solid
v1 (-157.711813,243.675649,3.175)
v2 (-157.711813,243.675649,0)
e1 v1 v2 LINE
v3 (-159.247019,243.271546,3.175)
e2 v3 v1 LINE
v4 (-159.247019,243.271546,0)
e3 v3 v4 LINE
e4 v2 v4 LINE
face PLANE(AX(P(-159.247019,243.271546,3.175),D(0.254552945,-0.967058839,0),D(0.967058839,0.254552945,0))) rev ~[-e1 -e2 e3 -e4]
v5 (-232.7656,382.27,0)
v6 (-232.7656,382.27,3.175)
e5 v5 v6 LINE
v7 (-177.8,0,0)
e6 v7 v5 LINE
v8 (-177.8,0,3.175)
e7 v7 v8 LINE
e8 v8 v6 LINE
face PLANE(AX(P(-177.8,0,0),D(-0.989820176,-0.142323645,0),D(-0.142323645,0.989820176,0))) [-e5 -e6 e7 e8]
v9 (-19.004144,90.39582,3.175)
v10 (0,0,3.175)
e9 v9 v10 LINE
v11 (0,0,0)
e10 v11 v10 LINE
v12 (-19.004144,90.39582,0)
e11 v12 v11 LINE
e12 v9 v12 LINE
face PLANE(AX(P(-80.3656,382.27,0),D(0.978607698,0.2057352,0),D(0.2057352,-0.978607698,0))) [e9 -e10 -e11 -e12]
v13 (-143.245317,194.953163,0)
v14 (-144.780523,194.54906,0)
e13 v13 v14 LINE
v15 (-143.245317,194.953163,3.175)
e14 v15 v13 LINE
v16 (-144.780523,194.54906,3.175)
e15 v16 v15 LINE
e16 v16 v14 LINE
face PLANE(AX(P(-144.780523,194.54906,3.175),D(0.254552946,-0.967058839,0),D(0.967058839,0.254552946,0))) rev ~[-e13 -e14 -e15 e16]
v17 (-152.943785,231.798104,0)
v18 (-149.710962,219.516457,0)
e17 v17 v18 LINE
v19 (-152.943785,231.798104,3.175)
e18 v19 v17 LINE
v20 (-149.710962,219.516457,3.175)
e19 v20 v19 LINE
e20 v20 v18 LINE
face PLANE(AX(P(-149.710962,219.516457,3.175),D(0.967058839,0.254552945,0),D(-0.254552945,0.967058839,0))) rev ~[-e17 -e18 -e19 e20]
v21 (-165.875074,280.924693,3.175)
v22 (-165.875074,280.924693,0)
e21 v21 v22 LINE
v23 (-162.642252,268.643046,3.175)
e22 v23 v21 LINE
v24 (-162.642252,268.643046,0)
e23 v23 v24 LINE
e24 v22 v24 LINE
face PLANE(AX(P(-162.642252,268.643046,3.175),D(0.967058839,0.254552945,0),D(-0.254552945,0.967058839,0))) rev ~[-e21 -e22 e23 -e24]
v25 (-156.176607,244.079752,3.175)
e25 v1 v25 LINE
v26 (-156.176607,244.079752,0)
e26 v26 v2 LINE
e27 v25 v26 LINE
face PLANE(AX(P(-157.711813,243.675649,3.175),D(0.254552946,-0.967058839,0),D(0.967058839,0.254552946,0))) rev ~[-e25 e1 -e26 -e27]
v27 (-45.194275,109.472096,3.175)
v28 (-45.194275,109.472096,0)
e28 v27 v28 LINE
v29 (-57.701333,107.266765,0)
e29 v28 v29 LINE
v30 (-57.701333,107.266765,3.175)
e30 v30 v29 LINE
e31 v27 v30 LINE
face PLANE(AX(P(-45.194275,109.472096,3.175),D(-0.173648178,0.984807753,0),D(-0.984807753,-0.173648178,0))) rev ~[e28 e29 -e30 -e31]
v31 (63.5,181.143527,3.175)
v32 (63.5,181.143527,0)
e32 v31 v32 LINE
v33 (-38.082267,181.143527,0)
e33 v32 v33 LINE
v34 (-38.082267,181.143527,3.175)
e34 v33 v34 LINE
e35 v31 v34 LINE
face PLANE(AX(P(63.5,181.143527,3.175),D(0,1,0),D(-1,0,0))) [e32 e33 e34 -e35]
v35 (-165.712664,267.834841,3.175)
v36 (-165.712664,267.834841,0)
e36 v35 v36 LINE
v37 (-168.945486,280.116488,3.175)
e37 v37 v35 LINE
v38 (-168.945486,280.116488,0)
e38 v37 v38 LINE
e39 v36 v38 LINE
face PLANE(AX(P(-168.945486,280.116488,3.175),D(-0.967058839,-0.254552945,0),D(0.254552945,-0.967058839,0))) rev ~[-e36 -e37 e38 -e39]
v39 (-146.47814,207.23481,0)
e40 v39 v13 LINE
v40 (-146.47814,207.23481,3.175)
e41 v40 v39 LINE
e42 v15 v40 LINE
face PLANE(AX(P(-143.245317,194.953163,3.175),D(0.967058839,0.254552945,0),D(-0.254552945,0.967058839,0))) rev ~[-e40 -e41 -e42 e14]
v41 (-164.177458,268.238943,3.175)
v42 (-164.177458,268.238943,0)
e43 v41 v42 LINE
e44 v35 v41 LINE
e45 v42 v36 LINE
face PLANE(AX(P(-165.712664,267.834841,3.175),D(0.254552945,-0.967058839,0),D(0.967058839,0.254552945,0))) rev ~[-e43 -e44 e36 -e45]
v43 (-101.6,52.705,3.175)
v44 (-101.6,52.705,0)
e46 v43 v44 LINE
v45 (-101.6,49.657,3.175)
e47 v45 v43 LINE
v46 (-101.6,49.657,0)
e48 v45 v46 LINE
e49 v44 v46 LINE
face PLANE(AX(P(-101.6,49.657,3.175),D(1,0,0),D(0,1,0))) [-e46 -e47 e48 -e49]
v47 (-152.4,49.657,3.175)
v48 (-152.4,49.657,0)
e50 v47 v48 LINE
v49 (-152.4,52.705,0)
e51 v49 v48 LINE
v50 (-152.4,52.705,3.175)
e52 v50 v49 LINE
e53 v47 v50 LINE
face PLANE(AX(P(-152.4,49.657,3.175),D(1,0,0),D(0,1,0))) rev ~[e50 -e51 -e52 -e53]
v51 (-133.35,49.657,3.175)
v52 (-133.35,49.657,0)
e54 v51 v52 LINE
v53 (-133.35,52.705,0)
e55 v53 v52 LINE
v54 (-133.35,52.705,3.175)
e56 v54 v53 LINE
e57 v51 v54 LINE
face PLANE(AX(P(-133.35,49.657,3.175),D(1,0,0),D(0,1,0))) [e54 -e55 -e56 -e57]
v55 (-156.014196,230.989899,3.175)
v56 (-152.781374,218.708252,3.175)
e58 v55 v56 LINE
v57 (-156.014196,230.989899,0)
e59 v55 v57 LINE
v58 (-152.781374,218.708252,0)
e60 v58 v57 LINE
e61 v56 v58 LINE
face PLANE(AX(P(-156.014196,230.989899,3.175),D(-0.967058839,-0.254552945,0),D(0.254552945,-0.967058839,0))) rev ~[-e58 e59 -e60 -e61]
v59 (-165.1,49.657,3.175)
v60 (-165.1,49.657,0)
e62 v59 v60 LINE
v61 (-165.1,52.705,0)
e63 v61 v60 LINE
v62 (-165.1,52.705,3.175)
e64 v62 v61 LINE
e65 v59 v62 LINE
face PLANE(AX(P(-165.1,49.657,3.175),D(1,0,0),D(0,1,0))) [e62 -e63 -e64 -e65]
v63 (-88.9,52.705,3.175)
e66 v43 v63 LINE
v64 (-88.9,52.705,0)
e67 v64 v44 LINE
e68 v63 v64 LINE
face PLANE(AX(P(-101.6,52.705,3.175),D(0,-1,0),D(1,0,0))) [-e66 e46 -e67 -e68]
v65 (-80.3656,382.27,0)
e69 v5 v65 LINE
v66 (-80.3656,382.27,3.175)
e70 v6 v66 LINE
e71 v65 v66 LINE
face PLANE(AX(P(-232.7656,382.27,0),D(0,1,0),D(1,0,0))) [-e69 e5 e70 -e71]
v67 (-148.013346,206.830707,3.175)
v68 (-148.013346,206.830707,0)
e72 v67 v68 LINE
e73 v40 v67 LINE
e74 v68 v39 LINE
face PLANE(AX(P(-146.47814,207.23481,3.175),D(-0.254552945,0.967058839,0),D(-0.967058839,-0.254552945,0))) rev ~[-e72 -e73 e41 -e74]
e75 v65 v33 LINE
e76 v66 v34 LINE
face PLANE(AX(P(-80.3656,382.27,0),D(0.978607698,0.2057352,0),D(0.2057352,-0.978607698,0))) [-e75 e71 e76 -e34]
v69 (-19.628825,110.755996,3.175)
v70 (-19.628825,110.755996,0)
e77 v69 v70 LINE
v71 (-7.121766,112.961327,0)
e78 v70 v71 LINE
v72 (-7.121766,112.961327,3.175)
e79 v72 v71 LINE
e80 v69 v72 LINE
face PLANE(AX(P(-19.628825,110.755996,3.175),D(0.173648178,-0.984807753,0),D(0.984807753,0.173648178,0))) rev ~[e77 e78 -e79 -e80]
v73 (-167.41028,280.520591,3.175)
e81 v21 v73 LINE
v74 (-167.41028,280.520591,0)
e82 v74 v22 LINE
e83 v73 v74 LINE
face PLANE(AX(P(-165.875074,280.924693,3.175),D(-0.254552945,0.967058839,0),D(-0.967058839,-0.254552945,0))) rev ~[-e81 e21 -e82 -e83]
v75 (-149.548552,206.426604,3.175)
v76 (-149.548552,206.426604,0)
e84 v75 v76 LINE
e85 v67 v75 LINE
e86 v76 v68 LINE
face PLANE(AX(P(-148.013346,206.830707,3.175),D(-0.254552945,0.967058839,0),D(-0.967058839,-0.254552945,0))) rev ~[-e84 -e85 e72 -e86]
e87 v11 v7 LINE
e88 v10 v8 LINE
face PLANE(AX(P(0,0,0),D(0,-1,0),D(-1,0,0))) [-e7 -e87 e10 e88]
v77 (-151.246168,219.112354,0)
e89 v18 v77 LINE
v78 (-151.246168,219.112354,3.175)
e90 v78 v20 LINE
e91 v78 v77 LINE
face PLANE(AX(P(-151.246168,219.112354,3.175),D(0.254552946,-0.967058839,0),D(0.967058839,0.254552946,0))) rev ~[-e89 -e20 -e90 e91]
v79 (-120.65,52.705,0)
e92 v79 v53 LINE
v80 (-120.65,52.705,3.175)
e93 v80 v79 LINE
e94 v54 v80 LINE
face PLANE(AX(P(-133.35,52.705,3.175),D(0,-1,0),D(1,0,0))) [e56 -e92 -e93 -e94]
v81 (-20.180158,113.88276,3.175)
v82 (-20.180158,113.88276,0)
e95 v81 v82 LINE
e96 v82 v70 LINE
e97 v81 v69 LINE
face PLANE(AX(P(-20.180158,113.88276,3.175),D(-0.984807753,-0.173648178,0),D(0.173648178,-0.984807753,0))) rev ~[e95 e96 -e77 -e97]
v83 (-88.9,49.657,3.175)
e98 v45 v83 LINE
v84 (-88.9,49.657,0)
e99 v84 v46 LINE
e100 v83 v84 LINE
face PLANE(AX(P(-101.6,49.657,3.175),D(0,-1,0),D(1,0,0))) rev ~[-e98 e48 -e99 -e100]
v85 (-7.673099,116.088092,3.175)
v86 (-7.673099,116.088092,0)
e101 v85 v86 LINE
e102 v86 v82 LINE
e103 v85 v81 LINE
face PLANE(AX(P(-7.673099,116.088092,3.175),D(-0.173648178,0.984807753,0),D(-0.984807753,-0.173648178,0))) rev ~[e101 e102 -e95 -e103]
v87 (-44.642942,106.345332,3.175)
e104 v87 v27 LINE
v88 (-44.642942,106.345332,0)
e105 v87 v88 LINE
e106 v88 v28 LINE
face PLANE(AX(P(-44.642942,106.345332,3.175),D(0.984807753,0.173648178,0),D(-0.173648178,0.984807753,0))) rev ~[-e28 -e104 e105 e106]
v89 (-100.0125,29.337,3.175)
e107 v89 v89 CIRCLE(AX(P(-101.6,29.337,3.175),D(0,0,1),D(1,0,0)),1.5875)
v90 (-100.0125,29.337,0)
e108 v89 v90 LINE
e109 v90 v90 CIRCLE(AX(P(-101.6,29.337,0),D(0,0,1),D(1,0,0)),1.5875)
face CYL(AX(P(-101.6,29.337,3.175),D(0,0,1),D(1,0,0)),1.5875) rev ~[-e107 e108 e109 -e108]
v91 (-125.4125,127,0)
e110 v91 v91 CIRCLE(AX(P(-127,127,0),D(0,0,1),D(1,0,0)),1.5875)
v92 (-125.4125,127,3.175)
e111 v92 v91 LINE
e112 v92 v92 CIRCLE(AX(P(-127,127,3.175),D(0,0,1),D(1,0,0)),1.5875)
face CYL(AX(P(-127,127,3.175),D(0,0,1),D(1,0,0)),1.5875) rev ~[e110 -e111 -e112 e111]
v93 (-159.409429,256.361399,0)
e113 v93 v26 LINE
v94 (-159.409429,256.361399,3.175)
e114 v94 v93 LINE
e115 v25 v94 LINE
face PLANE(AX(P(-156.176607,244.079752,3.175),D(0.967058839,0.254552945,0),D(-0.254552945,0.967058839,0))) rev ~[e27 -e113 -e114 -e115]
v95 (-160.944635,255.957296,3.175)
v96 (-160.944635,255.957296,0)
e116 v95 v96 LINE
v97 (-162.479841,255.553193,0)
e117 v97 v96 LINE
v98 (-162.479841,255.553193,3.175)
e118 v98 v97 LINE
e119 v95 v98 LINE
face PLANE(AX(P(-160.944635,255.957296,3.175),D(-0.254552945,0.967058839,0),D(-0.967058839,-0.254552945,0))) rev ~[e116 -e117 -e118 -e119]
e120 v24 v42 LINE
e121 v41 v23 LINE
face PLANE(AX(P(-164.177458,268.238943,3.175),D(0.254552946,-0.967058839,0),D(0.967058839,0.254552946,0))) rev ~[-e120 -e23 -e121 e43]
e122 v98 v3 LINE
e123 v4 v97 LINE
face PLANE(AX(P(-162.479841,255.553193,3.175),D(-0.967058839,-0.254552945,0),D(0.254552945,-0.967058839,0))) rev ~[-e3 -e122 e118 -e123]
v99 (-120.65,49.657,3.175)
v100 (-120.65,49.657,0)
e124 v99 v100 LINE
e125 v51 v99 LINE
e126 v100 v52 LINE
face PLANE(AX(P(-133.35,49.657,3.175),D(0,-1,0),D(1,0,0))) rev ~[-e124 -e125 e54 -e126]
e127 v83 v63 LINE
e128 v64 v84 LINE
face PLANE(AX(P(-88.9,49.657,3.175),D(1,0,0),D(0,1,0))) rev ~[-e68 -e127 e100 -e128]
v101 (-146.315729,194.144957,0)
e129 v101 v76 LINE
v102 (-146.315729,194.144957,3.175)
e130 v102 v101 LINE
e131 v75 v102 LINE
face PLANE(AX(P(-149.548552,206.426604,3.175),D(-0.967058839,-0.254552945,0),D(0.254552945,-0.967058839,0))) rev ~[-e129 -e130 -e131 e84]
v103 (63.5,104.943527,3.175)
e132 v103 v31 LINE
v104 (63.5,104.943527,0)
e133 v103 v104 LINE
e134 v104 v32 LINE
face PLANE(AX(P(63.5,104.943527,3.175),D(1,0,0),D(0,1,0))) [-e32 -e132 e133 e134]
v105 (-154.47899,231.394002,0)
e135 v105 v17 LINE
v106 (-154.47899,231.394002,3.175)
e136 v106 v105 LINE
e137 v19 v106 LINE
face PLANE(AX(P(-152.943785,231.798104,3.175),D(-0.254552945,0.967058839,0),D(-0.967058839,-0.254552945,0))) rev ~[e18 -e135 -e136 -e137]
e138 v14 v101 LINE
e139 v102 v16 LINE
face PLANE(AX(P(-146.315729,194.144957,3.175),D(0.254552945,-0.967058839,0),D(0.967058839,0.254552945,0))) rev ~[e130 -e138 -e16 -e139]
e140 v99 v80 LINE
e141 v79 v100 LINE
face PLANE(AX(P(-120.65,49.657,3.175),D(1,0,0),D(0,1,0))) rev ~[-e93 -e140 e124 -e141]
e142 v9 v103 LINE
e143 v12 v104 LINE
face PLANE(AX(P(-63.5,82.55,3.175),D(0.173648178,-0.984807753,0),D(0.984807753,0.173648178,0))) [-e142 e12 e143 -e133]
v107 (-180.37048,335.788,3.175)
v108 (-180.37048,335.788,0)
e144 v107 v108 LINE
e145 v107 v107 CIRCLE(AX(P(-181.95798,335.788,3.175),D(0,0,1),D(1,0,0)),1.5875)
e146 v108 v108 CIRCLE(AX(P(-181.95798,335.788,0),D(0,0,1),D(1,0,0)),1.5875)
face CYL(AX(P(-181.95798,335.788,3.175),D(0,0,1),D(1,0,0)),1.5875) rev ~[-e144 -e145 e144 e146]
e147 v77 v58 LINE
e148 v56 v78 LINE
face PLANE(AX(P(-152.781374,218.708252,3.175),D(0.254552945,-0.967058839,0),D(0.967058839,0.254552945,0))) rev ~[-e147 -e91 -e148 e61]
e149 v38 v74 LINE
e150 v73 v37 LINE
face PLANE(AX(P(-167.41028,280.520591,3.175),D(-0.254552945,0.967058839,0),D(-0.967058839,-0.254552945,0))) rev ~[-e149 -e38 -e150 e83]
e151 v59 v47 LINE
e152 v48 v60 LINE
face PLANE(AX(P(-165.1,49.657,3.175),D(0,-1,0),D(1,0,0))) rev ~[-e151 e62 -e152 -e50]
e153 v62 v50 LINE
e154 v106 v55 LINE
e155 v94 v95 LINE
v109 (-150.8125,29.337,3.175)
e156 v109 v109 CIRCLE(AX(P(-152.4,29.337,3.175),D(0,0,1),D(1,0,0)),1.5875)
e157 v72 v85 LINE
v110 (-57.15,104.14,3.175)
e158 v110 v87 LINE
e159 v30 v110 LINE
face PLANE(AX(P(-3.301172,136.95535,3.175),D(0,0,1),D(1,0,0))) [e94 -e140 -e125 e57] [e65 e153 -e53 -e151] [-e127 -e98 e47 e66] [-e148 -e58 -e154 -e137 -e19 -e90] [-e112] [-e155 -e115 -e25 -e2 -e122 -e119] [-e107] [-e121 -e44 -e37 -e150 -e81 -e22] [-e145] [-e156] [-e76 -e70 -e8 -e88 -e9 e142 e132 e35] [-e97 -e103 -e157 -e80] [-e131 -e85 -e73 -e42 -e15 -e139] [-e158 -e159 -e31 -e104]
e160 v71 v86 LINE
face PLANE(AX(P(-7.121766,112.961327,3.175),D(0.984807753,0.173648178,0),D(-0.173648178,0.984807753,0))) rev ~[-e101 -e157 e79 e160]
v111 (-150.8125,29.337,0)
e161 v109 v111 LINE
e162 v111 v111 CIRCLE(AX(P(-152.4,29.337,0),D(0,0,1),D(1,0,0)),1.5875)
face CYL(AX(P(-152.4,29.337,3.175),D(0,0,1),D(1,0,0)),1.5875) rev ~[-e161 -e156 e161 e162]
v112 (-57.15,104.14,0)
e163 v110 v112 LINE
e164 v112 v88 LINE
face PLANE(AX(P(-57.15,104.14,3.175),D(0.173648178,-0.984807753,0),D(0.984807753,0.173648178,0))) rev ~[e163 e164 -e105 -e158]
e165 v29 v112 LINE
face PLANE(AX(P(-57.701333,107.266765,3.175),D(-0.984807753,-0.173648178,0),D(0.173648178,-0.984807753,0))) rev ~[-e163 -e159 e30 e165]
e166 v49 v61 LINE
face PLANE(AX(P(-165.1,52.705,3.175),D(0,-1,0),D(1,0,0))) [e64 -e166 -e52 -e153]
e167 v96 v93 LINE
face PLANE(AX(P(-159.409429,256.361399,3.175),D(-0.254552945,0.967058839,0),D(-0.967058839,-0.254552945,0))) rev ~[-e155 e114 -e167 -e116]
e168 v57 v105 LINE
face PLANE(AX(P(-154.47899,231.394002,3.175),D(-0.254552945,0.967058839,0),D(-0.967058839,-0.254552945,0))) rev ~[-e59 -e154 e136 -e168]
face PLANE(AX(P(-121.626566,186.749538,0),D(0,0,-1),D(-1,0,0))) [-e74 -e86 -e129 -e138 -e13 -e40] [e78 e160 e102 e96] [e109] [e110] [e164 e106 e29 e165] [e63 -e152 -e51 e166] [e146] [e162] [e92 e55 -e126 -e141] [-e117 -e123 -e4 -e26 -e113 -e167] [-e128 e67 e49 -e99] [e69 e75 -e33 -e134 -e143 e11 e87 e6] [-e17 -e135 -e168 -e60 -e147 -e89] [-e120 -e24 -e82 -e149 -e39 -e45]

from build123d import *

# Parameters (mm, degrees)
BOSS_EXTRUDE1_DEPTH = 3.175
SKETCH2_R           = 1.5875
CUT_EXTRUDE1_DEPTH  = 3.175
BOSS_EXTRUDE2_DEPTH = 3.175
CUT_EXTRUDE2_DEPTH  = 3.175
CUT_EXTRUDE3_DEPTH  = 10.16
LPATTERN1_COUNT     = 4
LPATTERN1_PITCH     = 25.4
SKETCH6_W           = 12.7
SKETCH6_H           = 3.048
CUT_EXTRUDE4_DEPTH  = 5.08
LPATTERN2_COUNT     = 3
LPATTERN2_PITCH     = 31.75
SKETCH7_R           = 1.5875
CUT_EXTRUDE5_DEPTH  = 19.05


with BuildPart() as part:
    # Sketch1 → Boss-Extrude1 (new body)
    with BuildSketch(Plane.XY):
        Polygon((0, 0), (-177.8, 0), (-232.7656, 382.27), (-80.3656, 382.27), align=None)
    extrude(amount=BOSS_EXTRUDE1_DEPTH)

    # Sketch2 → Cut-Extrude1 (cut)
    with BuildSketch(Plane.XY.offset(3.175)):
        with Locations((-127, 127)):
            Circle(SKETCH2_R)
        with Locations((-181.95798, 335.788)):
            Circle(SKETCH2_R)
    extrude(amount=-CUT_EXTRUDE1_DEPTH, mode=Mode.SUBTRACT)

    # Sketch3 → Boss-Extrude2 (add)
    with BuildSketch(Plane.XY.offset(3.175)):
        Polygon((-63.5, 82.55), (63.5, 104.94352655), (63.5, 181.14352655), (-63.5, 181.14352655), align=None)
    extrude(amount=-BOSS_EXTRUDE2_DEPTH)

    # Sketch4 → Cut-Extrude2 (cut)
    with BuildSketch(Plane.XY.offset(3.175)):
        Polygon((-57.15, 104.14), (-44.642941537, 106.345331856), (-45.194274501, 109.472096472), (-57.701332964, 107.266764616), align=None)
        Polygon((-19.62882461, 110.755995569), (-7.121766147, 112.961327425), (-7.673099111, 116.088092041), (-20.180157574, 113.882760185), align=None)
    extrude(amount=-CUT_EXTRUDE2_DEPTH, mode=Mode.SUBTRACT)

    # Sketch5 → Cut-Extrude3 (cut)
    with BuildSketch(Plane.XY.offset(3.175)):
        Polygon((-148.01334563, 206.830707159), (-144.780523225, 194.549059903), (-143.245317319, 194.953162704), (-146.478139723, 207.234809959), align=None)
        Polygon((-146.315729132, 194.144957103), (-144.780523225, 194.549059903), (-148.01334563, 206.830707159), (-149.548551537, 206.426604358), align=None)
    cut_extrude3 = extrude(amount=-CUT_EXTRUDE3_DEPTH, mode=Mode.SUBTRACT)

    # LPattern1: Cut-Extrude3 ×4
    with Locations(*[Vector(-0.254552945, 0.967058839, 0) * (i * LPATTERN1_PITCH) for i in range(1, LPATTERN1_COUNT)]):
        add(cut_extrude3, mode=Mode.SUBTRACT)

    # Sketch6 → Cut-Extrude4 (cut)
    with BuildSketch(Plane.XY.offset(3.175)):
        with Locations((-158.75, 51.181)):
            Rectangle(SKETCH6_W, SKETCH6_H)
    cut_extrude4 = extrude(amount=-CUT_EXTRUDE4_DEPTH, mode=Mode.SUBTRACT)

    # LPattern2: Cut-Extrude4 ×3
    with Locations(*[(i * LPATTERN2_PITCH, 0, 0) for i in range(1, LPATTERN2_COUNT)]):
        add(cut_extrude4, mode=Mode.SUBTRACT)

    # Sketch7 → Cut-Extrude5 (cut)
    with BuildSketch(Plane.XY.offset(3.175)):
        with Locations((-152.4, 29.337)):
            Circle(SKETCH7_R)
        with Locations((-101.6, 29.337)):
            Circle(SKETCH7_R)
    extrude(amount=-CUT_EXTRUDE5_DEPTH, mode=Mode.SUBTRACT)


solid = part.part
